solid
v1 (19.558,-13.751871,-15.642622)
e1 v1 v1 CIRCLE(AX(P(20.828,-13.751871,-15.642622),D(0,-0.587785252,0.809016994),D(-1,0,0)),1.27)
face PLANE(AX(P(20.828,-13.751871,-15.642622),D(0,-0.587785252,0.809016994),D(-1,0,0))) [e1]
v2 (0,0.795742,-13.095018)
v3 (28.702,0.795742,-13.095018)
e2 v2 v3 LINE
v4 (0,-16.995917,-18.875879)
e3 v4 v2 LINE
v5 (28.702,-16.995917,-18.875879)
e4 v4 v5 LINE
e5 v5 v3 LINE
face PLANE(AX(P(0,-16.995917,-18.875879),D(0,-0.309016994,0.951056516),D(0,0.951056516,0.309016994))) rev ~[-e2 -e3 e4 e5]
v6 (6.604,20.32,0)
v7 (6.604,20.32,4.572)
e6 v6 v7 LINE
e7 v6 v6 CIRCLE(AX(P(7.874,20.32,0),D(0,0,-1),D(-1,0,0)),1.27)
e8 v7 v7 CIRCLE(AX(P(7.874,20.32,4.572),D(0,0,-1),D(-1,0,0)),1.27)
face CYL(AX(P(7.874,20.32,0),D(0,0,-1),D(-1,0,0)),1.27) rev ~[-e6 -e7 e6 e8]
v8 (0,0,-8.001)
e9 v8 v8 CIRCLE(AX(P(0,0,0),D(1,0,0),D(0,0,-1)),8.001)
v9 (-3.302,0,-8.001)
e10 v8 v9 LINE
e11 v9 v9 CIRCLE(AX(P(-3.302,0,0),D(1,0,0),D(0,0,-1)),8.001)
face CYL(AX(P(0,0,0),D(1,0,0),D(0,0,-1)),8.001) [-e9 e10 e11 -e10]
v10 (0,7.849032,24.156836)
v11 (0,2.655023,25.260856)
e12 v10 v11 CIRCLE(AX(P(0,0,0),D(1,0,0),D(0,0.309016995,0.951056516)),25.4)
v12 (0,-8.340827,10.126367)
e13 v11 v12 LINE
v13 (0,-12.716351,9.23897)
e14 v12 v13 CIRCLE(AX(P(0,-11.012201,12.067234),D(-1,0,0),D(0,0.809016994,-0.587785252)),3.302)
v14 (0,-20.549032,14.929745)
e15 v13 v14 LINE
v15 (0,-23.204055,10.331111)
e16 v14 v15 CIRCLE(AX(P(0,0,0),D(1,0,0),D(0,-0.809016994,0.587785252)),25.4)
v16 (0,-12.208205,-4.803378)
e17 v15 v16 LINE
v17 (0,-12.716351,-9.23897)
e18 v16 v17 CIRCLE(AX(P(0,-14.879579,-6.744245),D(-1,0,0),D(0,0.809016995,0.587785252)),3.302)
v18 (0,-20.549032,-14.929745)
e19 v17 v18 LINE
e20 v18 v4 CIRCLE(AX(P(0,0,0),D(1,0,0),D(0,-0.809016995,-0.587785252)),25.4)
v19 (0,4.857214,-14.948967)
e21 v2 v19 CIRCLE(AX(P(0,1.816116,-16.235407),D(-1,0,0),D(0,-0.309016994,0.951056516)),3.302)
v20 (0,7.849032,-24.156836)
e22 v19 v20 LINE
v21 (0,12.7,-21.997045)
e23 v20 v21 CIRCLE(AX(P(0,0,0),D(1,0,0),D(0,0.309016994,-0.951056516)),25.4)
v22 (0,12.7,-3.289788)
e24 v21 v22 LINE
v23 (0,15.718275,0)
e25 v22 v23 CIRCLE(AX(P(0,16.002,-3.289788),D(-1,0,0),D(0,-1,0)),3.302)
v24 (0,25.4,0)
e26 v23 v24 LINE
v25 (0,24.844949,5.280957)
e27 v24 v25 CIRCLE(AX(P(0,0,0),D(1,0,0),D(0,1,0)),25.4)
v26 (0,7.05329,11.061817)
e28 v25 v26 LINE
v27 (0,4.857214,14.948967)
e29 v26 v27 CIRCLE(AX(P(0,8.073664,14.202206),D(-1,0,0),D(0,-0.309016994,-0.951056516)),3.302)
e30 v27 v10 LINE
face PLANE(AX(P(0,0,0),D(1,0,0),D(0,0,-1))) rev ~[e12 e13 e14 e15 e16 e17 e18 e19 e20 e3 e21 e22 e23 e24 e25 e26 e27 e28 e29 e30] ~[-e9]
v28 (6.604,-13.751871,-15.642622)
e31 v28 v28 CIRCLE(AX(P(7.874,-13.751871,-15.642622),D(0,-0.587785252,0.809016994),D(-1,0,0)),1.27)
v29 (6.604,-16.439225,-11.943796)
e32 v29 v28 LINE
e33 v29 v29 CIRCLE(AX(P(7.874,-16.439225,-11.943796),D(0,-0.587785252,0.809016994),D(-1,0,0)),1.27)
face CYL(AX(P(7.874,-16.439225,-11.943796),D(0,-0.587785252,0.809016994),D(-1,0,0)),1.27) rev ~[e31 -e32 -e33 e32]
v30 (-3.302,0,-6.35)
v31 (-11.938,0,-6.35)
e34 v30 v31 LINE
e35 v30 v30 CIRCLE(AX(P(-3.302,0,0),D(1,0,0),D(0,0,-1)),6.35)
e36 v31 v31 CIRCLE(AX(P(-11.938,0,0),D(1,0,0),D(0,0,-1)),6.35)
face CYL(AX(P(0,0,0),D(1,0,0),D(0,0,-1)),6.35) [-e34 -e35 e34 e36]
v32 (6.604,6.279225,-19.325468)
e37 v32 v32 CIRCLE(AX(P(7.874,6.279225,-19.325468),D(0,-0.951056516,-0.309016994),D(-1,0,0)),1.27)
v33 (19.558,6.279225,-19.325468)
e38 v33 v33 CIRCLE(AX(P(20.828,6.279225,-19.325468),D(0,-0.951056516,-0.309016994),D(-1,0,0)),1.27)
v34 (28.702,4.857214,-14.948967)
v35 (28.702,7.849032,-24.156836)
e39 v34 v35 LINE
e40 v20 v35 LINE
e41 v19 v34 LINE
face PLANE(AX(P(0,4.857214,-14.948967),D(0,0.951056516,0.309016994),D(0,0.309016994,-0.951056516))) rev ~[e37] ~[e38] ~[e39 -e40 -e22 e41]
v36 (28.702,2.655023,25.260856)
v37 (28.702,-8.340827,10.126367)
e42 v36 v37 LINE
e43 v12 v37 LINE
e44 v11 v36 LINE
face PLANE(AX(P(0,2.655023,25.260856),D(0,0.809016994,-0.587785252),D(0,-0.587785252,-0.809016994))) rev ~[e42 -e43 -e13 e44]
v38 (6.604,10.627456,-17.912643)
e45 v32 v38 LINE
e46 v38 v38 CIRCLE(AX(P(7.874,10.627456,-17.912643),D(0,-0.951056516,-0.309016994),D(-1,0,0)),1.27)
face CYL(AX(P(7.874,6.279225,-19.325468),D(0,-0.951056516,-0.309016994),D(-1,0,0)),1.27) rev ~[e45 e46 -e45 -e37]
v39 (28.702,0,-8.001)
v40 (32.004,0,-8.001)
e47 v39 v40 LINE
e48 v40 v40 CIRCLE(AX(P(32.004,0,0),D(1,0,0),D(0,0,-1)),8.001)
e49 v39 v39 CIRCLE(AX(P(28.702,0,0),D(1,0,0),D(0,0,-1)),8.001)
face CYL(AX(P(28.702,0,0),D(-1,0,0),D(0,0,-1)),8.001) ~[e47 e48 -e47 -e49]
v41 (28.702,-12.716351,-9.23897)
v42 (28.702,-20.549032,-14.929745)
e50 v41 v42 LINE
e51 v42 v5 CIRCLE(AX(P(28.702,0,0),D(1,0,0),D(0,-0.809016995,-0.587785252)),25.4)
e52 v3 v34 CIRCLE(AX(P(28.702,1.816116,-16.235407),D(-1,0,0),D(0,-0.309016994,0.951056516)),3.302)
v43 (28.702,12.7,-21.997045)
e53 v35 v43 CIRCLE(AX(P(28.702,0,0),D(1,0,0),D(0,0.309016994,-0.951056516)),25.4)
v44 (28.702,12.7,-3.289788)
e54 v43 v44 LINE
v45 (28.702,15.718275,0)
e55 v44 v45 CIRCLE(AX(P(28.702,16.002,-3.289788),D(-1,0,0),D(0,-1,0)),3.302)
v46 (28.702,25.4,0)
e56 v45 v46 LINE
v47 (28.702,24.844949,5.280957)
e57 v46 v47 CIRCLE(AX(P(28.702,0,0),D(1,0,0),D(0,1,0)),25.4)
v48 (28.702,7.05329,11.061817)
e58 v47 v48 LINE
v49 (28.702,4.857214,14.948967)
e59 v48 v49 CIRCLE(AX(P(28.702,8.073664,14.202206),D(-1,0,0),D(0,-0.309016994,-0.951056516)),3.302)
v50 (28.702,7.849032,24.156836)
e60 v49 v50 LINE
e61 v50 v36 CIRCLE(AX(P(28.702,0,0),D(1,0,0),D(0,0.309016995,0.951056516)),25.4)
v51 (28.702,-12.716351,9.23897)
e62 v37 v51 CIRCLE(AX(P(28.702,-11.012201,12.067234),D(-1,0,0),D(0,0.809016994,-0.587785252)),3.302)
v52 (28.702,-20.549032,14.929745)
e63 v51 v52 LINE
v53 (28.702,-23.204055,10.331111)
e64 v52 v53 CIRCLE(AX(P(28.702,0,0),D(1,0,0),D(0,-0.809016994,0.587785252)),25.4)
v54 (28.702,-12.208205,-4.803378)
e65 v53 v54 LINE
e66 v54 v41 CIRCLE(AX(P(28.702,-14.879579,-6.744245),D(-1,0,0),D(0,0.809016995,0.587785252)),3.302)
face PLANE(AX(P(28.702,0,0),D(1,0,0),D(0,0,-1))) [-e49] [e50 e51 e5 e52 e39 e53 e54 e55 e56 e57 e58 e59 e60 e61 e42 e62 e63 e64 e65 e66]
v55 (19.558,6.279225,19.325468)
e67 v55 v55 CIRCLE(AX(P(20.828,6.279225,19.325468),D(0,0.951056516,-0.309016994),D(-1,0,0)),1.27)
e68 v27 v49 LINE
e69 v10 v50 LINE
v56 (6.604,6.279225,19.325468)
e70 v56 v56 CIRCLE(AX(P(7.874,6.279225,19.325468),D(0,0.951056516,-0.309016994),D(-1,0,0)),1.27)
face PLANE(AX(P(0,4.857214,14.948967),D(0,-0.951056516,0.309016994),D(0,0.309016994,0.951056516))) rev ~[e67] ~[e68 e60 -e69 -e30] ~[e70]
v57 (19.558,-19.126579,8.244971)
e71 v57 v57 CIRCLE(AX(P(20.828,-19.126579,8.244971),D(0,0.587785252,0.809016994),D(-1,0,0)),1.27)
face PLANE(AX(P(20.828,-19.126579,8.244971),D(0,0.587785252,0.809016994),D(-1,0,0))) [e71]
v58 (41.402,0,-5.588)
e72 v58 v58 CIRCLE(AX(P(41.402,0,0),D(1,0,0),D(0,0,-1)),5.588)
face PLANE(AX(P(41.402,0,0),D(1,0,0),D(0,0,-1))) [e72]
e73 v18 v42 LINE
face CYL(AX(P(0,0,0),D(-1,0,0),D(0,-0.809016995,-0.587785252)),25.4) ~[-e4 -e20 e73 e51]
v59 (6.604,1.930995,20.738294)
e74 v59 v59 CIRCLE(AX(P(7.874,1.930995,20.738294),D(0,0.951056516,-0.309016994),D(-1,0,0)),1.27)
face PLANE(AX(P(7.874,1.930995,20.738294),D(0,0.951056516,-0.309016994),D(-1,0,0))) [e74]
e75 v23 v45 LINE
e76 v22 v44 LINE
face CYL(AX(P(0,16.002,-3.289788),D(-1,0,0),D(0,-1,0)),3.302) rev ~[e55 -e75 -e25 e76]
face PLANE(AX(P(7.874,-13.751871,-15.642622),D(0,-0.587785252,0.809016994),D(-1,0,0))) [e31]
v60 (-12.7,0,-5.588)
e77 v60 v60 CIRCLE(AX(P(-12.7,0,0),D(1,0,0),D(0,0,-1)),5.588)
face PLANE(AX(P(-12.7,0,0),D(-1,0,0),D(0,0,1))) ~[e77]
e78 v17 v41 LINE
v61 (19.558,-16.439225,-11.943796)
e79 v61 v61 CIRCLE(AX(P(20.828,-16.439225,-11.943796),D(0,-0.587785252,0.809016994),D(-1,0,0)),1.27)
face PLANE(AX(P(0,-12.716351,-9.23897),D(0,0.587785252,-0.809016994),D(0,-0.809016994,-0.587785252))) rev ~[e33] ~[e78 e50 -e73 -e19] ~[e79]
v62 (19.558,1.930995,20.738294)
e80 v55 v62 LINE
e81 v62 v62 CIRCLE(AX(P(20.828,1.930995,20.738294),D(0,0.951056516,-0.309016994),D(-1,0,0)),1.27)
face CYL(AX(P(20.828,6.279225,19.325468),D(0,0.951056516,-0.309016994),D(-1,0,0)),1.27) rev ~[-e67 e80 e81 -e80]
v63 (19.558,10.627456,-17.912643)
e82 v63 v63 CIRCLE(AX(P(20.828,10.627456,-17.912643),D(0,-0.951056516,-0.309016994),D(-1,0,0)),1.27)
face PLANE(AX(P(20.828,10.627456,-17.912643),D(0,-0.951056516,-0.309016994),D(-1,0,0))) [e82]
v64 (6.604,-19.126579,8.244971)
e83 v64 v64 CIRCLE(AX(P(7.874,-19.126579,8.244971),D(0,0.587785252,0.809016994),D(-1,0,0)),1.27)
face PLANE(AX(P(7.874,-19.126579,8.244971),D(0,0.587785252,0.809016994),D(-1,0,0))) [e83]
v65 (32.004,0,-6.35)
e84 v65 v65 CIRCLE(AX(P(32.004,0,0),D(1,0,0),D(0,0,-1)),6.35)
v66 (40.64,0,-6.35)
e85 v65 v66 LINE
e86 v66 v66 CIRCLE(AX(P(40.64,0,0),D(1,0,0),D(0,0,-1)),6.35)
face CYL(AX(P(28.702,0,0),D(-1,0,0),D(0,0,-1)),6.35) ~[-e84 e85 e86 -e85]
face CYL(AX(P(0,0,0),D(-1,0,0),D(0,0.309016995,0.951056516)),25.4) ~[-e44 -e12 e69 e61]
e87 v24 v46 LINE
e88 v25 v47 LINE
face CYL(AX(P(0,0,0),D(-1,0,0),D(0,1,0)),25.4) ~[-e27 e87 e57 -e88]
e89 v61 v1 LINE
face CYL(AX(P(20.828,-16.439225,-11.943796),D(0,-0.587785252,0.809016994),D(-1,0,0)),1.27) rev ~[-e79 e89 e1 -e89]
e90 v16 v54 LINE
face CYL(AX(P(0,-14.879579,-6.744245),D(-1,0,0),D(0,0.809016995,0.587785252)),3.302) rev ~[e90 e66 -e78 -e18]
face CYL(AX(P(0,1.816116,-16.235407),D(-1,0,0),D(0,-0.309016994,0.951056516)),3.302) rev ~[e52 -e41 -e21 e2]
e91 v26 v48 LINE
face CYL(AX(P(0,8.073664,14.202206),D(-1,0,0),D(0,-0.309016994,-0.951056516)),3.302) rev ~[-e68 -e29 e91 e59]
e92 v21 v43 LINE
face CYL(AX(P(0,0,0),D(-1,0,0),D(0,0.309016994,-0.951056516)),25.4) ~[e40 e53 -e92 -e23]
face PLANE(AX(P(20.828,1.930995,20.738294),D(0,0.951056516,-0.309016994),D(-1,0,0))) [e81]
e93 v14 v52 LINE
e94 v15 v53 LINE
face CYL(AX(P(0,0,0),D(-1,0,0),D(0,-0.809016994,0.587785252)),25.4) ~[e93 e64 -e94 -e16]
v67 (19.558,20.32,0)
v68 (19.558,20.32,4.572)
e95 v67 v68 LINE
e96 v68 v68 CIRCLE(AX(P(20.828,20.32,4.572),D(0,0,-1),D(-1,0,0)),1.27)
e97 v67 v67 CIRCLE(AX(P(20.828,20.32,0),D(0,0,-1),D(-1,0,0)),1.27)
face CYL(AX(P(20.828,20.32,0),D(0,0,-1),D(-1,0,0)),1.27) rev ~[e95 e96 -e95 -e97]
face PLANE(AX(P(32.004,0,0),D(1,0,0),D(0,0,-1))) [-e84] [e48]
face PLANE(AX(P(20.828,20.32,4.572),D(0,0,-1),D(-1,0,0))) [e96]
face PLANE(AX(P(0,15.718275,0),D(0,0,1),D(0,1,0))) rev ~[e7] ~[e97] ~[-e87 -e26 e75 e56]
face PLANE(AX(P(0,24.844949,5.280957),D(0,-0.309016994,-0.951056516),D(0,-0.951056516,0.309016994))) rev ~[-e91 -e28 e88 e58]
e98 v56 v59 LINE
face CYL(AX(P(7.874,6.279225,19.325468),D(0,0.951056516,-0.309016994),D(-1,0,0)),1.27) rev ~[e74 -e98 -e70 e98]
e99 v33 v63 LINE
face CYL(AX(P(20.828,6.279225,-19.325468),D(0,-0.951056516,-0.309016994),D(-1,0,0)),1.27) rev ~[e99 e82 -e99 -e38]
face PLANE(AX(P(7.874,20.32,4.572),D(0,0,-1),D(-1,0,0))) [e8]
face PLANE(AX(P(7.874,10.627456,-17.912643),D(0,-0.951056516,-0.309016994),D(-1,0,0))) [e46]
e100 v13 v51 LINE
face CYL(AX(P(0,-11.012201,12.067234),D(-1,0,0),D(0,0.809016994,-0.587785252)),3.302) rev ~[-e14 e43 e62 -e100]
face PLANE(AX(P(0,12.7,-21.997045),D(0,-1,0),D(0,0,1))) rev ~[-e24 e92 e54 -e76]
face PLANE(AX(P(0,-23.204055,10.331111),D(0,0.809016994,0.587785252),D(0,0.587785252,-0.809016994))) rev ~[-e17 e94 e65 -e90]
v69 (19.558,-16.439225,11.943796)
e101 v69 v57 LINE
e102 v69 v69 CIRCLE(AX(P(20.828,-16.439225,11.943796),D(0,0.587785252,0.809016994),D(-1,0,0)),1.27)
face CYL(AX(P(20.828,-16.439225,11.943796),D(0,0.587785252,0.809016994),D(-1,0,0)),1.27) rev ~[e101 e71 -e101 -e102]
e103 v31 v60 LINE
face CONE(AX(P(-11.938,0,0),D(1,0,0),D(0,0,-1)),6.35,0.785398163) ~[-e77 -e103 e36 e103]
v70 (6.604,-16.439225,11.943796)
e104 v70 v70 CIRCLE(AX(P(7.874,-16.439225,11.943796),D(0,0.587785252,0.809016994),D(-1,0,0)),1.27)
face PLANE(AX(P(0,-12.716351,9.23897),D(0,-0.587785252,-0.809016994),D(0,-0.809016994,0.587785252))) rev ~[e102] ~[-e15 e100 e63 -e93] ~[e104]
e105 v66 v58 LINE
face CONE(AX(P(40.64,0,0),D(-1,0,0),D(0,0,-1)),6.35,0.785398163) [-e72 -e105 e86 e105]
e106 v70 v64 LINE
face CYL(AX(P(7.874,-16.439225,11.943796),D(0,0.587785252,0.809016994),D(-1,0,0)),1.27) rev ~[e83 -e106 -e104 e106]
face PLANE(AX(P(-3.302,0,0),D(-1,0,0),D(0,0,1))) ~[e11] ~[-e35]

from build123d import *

# Parameters (mm, degrees)
BOSS_EXTRUDE1_DEPTH      = 28.702
SKETCH9_R                = 8.001
SKETCH9_R_2              = 6.35
BOSS_EXTRUDE2_DEPTH      = 3.302
SKETCH16_R               = 6.35
BOSS_EXTRUDE3_DEPTH      = 12.7
CHAMFER1_SIZE            = 0.762
CHAMFER1_OF_MIRROR1_SIZE = 0.762
SKETCH17_R               = 1.27
CUT_EXTRUDE1_DEPTH       = 4.572
CIRPATTERN1_COUNT        = 5


with BuildPart() as part:
    # Sketch1 → Boss-Extrude1 (new body)
    with BuildSketch(Plane(origin=(0, 0, 0), x_dir=(0, 0, -1), z_dir=(1, 0, 0))):
        with BuildLine():
            Line((0, 15.718274541), (0, 25.4))
            ThreePointArc((0, 25.4), (-2.655022967, 25.260856142), (-5.280956947, 24.844949059))
            Line((-5.280956947, 24.844949059), (-11.061817414, 7.053289967))
            ThreePointArc((-11.061817414, 7.053289967), (-12.577998446, 5.198746045), (-14.948967427, 4.857213955))
            Line((-14.948967427, 4.857213955), (-24.156835514, 7.849031657))
            ThreePointArc((-24.156835514, 7.849031657), (-24.844949059, 5.280956947), (-25.260856142, 2.655022967))
            Line((-25.260856142, 2.655022967), (-10.126366954, -8.340827068))
            ThreePointArc((-10.126366954, -8.340827068), (-8.831116578, -10.355886507), (-9.238969967, -12.716351226))
            Line((-9.238969967, -12.716351226), (-14.929745408, -20.549031657))
            ThreePointArc((-14.929745408, -20.549031657), (-12.7, -21.997045256), (-10.331110734, -23.204054624))
            Line((-10.331110734, -23.204054624), (4.803378454, -12.208204589))
            ThreePointArc((4.803378454, -12.208204589), (7.120068242, -11.59903589), (9.238969967, -12.716351226))
            Line((9.238969967, -12.716351226), (14.929745408, -20.549031657))
            ThreePointArc((14.929745408, -20.549031657), (16.995917402, -18.875878567), (18.875878567, -16.995917402))
            Line((18.875878567, -16.995917402), (13.095018099, 0.79574169))
            ThreePointArc((13.095018099, 0.79574169), (13.231560754, 3.18728809), (14.948967427, 4.857213955))
            Line((14.948967427, 4.857213955), (24.156835514, 7.849031657))
            ThreePointArc((24.156835514, 7.849031657), (23.204054624, 10.331110734), (21.997045256, 12.7))
            Line((21.997045256, 12.7), (3.289787814, 12.7))
            ThreePointArc((3.289787814, 12.7), (1.057486028, 13.568888261), (0, 15.718274541))
        make_face()
    extrude(amount=BOSS_EXTRUDE1_DEPTH)

    # Sketch9 → Boss-Extrude2 (add)
    with BuildSketch(Plane(origin=(28.702, 0, 0), x_dir=(0, 0, -1), z_dir=(1, 0, 0))):
        Circle(SKETCH9_R)
        Circle(SKETCH9_R_2, mode=Mode.SUBTRACT)
    boss_extrude2 = extrude(amount=BOSS_EXTRUDE2_DEPTH)

    # Sketch16 → Boss-Extrude3 (add)
    with BuildSketch(Plane(origin=(28.702, 0, 0), x_dir=(0, 0, -1), z_dir=(1, 0, 0))):
        Circle(SKETCH16_R)
    boss_extrude3 = extrude(amount=BOSS_EXTRUDE3_DEPTH)

    # Chamfer1
    chamfer1_edges = [part.edges().sort_by_distance(p)[0] for p in [
        (41.402, 0, 6.35),
    ]]
    chamfer(chamfer1_edges, length=CHAMFER1_SIZE)

    # Mirror1: Boss-Extrude2, Boss-Extrude3 across plane
    add(boss_extrude2.mirror(Plane(origin=(14.351, 0, 0), x_dir=(0, 0, 1), z_dir=(1, 0, 0))))
    add(boss_extrude3.mirror(Plane(origin=(14.351, 0, 0), x_dir=(0, 0, 1), z_dir=(1, 0, 0))))

    # Chamfer1 of Mirror1
    chamfer1_of_mirror1_edges = [part.edges().sort_by_distance(p)[0] for p in [
        (-12.7, 0, 6.35),
    ]]
    chamfer(chamfer1_of_mirror1_edges, length=CHAMFER1_OF_MIRROR1_SIZE)

    # Sketch17 → Cut-Extrude1 (cut)
    with BuildSketch(Plane(origin=(0, 0, 0), x_dir=(-1, 0, 0), z_dir=(0, 0, -1))):
        with Locations((-20.828, 20.32)):
            Circle(SKETCH17_R)
        with Locations((-7.874, 20.32)):
            Circle(SKETCH17_R)
    cut_extrude1 = extrude(amount=-CUT_EXTRUDE1_DEPTH, mode=Mode.SUBTRACT)

    # CirPattern1: Cut-Extrude1 ×5 about axis
    cirpattern1_axis = Axis((0, 0, 0), (1, 0, 0))
    for i in range(1, CIRPATTERN1_COUNT):
        add(cut_extrude1.rotate(cirpattern1_axis, i * 360 / CIRPATTERN1_COUNT), mode=Mode.SUBTRACT)


solid = part.part
